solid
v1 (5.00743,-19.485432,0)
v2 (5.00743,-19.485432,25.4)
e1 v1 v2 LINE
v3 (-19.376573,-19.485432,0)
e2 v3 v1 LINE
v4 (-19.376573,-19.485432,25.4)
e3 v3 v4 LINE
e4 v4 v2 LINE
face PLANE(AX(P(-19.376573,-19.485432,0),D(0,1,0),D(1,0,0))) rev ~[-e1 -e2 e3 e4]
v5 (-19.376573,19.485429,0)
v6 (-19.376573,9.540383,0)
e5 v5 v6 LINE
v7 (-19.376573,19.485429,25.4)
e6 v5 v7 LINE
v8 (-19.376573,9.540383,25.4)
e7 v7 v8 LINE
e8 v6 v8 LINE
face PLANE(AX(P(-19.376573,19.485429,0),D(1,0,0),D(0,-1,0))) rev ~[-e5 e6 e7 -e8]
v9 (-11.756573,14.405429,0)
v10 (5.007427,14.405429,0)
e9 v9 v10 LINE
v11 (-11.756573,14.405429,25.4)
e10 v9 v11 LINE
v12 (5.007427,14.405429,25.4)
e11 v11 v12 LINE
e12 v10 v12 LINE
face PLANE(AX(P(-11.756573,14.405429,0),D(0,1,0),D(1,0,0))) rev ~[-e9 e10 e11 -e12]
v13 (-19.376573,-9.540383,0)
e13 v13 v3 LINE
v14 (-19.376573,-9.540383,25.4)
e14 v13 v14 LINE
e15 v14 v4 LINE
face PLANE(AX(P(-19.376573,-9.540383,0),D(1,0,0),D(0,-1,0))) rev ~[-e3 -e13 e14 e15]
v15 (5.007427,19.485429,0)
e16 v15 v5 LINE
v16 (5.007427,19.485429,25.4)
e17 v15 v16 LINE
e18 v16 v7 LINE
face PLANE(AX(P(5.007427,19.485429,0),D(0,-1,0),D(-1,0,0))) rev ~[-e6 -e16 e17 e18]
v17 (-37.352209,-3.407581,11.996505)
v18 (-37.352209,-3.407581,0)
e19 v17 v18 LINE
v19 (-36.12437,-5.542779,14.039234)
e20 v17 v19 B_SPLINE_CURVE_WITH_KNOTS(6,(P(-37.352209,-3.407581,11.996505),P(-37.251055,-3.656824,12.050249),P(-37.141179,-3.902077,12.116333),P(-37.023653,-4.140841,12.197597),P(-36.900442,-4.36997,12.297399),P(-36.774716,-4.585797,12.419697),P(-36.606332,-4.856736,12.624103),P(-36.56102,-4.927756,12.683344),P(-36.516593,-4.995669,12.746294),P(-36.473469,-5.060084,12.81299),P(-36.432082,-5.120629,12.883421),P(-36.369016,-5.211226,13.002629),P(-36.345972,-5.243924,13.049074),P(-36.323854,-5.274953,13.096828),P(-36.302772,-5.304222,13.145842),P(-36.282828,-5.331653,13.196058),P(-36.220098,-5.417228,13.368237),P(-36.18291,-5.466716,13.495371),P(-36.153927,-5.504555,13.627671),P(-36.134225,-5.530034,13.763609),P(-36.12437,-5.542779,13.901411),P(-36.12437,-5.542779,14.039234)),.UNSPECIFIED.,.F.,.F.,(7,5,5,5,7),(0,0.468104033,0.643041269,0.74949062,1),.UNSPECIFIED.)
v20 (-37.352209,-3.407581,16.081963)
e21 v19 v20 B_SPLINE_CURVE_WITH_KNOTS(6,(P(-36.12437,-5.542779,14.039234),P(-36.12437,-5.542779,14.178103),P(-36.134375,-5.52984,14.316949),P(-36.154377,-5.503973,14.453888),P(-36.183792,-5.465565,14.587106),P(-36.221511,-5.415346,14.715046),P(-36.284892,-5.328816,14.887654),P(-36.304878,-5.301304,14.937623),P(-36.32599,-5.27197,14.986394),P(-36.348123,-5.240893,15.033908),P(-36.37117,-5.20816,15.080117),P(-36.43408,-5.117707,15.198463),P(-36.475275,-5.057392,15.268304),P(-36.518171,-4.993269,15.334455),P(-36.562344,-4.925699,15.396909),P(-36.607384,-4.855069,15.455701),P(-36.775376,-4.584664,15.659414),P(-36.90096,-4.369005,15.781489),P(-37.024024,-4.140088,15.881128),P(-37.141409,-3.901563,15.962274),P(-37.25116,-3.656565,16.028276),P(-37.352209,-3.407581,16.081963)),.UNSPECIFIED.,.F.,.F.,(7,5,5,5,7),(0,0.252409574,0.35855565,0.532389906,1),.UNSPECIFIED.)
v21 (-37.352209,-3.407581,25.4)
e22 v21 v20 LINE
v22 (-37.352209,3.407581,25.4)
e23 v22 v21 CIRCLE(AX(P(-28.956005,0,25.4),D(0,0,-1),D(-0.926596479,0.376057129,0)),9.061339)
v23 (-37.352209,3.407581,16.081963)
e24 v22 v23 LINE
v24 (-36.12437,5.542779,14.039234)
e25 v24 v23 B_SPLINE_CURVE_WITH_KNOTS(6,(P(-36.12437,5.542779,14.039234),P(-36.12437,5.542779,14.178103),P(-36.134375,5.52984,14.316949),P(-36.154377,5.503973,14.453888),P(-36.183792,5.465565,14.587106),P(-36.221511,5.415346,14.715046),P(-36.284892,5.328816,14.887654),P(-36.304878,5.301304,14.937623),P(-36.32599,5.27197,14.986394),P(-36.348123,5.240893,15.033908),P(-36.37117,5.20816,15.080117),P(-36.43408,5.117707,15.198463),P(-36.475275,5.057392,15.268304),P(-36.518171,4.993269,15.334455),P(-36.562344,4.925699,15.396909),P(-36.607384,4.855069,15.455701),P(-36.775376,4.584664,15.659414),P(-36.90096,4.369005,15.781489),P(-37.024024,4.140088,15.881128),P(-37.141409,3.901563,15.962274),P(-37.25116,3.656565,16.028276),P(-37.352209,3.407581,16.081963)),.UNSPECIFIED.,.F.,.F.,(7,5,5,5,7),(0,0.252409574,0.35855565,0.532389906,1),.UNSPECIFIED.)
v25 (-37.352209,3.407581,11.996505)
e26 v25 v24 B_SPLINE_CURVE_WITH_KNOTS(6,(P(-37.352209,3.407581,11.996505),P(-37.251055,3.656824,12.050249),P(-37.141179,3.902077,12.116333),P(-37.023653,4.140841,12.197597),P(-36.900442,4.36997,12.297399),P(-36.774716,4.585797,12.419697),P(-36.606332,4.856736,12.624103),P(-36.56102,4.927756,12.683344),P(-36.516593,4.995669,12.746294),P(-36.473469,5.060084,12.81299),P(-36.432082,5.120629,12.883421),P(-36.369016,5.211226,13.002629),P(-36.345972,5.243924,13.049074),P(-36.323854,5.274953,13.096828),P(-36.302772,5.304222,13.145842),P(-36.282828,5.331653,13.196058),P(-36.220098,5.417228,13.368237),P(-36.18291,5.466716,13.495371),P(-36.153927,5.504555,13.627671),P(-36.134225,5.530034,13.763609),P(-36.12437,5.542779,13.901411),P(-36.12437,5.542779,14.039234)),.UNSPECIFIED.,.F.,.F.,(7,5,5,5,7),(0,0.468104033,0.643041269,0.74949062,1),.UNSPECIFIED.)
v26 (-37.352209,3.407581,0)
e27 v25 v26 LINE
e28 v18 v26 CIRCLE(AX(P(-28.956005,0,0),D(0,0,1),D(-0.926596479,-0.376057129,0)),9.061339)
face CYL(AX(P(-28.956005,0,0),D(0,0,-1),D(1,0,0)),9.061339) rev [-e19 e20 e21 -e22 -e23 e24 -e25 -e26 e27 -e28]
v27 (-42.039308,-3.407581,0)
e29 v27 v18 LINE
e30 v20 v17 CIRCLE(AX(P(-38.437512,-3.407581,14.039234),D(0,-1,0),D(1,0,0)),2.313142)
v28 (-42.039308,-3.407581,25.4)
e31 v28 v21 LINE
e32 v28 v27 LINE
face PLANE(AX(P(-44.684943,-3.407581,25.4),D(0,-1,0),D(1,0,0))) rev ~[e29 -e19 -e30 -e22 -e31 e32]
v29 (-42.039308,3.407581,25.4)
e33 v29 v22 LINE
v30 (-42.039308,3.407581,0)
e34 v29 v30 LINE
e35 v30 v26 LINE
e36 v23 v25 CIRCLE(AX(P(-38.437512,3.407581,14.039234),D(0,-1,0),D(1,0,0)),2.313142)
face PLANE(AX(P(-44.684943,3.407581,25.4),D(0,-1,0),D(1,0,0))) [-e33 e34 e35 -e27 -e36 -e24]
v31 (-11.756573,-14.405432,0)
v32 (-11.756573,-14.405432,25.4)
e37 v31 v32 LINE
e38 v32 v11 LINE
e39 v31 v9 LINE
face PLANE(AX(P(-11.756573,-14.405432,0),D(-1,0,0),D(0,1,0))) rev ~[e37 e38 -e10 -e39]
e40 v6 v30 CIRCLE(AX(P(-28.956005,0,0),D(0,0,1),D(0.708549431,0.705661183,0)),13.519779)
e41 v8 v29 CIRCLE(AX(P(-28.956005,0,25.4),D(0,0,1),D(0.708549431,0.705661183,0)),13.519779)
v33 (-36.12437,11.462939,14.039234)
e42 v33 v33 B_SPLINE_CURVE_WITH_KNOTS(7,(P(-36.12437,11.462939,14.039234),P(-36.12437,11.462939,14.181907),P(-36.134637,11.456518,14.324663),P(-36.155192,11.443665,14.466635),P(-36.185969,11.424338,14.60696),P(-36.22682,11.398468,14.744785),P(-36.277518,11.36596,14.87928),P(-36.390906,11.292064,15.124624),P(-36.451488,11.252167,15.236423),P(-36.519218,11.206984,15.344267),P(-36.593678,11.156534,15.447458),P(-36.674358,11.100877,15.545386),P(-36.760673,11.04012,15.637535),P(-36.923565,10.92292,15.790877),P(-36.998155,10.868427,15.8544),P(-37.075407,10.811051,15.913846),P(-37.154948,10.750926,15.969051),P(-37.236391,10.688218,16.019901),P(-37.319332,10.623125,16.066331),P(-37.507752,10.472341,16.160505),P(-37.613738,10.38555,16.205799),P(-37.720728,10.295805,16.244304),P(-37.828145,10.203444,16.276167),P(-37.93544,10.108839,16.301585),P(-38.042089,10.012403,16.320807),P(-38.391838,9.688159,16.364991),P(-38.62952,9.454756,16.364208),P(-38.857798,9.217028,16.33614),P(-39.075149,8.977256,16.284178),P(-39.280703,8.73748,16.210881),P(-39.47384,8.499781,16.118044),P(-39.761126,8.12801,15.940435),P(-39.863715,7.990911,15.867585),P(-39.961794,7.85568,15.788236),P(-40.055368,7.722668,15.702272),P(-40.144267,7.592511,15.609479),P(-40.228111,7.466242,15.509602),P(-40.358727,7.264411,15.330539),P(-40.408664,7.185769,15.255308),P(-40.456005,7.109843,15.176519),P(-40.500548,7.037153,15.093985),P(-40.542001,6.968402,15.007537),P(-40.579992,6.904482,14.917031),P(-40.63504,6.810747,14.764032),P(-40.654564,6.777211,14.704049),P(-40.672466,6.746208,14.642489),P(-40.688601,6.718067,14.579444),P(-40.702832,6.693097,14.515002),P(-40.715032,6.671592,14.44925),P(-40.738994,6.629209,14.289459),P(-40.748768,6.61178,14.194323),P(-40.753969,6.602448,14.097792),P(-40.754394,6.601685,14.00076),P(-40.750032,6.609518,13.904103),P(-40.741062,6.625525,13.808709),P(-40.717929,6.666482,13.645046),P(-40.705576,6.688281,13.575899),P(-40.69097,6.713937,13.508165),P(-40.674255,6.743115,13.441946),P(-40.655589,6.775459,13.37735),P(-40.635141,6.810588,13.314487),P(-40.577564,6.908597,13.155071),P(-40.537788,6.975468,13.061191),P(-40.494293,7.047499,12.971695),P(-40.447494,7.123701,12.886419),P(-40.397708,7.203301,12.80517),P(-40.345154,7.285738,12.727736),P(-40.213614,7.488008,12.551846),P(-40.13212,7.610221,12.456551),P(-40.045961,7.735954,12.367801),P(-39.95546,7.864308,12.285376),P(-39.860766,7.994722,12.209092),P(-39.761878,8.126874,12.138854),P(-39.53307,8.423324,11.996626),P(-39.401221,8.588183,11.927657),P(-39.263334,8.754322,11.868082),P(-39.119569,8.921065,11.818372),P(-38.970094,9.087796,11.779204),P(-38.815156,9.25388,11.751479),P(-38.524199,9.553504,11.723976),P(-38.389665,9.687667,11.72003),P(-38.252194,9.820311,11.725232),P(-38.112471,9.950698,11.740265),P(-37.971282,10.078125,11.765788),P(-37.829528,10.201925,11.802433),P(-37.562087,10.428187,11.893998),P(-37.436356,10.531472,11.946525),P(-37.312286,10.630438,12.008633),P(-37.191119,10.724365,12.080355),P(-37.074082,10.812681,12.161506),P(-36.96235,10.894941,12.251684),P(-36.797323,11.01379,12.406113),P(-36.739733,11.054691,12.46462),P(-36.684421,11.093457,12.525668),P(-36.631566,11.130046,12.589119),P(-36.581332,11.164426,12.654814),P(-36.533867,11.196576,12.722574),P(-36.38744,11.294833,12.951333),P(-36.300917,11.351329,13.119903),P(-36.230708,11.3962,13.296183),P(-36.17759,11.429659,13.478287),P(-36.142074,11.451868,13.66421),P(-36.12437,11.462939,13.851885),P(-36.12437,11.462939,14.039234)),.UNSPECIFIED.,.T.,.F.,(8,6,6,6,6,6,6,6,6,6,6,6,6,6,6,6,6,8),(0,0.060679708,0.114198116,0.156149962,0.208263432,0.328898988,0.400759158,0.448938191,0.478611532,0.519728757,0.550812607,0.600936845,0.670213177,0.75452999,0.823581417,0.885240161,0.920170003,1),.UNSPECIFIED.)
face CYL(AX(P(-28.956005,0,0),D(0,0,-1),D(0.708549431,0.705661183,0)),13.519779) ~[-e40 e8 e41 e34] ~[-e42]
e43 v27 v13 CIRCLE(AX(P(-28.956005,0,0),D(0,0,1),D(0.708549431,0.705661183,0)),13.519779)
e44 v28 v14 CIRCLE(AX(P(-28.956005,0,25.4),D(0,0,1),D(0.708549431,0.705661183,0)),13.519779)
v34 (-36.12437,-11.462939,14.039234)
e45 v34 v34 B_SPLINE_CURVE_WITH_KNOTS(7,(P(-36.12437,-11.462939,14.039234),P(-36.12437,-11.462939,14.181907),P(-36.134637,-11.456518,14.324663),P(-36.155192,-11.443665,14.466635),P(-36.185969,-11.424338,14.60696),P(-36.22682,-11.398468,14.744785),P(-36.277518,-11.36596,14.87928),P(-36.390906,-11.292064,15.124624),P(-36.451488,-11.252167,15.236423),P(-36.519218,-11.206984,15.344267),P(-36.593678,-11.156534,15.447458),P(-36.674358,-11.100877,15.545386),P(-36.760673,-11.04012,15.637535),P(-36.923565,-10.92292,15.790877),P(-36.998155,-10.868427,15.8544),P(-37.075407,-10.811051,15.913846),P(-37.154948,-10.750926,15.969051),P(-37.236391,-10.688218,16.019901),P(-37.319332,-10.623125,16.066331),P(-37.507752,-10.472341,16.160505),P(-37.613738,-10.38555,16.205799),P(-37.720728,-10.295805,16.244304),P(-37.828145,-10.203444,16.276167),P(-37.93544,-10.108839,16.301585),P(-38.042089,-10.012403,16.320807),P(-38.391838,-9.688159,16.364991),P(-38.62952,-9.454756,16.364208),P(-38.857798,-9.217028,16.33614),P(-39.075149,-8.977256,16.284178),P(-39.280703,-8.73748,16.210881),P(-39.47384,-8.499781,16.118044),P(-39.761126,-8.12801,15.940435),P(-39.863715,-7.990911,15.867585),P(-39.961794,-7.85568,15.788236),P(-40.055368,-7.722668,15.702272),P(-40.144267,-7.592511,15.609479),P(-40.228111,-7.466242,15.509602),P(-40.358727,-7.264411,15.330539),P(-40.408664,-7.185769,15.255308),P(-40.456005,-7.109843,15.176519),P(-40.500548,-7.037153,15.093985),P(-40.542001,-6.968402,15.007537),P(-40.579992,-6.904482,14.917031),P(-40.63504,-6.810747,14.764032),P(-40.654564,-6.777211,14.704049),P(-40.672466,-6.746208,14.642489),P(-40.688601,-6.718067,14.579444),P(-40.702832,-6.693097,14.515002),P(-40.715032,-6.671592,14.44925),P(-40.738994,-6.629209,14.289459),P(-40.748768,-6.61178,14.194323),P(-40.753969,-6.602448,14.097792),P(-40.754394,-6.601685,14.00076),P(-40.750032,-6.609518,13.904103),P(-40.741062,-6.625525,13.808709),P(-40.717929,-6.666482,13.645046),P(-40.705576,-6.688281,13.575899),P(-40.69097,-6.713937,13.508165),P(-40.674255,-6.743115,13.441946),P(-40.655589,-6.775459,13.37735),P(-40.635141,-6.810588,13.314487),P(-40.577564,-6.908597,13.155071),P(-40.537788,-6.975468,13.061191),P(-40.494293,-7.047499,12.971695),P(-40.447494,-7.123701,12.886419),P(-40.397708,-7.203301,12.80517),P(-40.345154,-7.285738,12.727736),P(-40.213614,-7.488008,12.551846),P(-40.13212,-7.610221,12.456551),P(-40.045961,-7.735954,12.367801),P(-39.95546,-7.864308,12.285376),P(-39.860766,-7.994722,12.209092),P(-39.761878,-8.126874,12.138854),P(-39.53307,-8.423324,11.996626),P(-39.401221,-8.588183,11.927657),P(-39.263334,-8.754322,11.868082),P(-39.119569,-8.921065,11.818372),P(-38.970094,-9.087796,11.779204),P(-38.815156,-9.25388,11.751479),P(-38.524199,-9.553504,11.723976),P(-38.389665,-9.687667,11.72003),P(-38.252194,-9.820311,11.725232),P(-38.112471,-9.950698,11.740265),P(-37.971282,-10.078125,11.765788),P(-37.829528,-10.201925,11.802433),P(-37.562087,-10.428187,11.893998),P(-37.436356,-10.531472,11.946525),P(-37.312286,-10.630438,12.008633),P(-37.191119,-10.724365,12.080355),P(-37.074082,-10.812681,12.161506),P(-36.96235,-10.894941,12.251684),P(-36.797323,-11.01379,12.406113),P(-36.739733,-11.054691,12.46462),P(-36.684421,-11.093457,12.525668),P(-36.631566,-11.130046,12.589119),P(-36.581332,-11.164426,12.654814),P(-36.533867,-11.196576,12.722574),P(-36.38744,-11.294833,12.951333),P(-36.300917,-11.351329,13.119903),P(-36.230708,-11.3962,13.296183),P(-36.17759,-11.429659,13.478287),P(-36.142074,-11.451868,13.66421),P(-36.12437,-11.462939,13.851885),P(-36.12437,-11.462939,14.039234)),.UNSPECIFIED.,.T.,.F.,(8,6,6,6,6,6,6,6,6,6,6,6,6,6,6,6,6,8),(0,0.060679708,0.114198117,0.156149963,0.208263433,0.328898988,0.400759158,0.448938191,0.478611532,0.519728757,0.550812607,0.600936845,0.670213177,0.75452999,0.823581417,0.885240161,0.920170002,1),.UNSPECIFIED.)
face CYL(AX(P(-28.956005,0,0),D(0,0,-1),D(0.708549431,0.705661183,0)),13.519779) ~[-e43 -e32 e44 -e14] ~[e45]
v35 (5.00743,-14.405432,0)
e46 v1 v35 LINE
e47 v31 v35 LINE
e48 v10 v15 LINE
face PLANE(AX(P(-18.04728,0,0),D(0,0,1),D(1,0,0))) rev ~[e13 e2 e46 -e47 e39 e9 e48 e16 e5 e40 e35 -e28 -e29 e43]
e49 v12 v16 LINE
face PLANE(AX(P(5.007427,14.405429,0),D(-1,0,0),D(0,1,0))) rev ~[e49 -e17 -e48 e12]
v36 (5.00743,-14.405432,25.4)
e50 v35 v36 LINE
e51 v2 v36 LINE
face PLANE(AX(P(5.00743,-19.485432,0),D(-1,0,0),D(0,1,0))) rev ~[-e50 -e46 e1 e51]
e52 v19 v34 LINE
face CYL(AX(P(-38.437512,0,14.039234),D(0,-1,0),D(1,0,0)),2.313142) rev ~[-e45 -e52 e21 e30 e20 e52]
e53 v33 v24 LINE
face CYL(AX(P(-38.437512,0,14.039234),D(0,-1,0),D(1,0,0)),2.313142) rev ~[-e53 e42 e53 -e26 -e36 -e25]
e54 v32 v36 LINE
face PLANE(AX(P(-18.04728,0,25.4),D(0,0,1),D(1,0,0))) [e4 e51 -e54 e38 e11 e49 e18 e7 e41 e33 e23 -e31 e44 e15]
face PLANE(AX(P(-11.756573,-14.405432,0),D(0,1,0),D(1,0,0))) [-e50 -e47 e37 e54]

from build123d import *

# Parameters (mm, degrees)
F0_R     = 9.0613386753
F0_W     = 16.764
F0_H     = 5.08
F0_W_2   = 16.7640029008
F1_DEPTH = 25.4
F2_W     = 13.3351978731
F2_H     = 6.8151620217
F3_DEPTH = 25.4
F4_R     = 2.3131415356
F5_DEPTH = 127


with BuildPart() as f1:
    # F0 (on Top) → F1 (new body)
    with BuildSketch(Plane.XY):
        with BuildLine():
            ThreePointArc((-19.3765729799, -9.5403834533), (-16.4600808117, -5.1610380229), (-15.4362256016, 0))
            ThreePointArc((-15.4362256016, 0), (-16.4600808117, 5.1610380229), (-19.3765729799, 9.5403834533))
            Line((-19.3765729799, 9.5403834533), (-19.3765729799, -9.5403834533))
        make_face()
        with BuildLine():
            ThreePointArc((-19.3765729799, 9.5403834533), (-16.4600808117, 5.1610380229), (-15.4362256016, 0))
            ThreePointArc((-15.4362256016, 0), (-16.4600808117, -5.1610380229), (-19.3765729799, -9.5403834533))
            Line((-19.3765729799, -9.5403834533), (-19.3765729799, -19.4854322))
            Line((-19.3765729799, -19.4854322), (-11.7565729799, -19.4854322))
            Line((-11.7565729799, -19.4854322), (-11.7565729799, -14.4054322))
            Line((-11.7565729799, -14.4054322), (-11.7565729799, 14.4054288318))
            Line((-11.7565729799, 14.4054288318), (-11.7565729799, 19.4854288318))
            Line((-11.7565729799, 19.4854288318), (-19.3765729799, 19.4854288318))
            Line((-19.3765729799, 19.4854288318), (-19.3765729799, 9.5403834533))
        make_face()
        with BuildLine():
            Line((-19.3765729799, -9.5403834533), (-19.3765729799, 9.5403834533))
            ThreePointArc((-19.3765729799, 9.5403834533), (-42.4757842164, 0), (-19.3765729799, -9.5403834533))
        make_face()
        with Locations((-28.956004909, 0)):
            Circle(F0_R, mode=Mode.SUBTRACT)
        with Locations((-3.3745729799, 16.9454288318)):
            Rectangle(F0_W, F0_H)
        with Locations((-3.3745715295, -16.9454322)):
            Rectangle(F0_W_2, F0_H)
    extrude(amount=F1_DEPTH)

    # F2 (on face) → F3 (cut)
    with BuildSketch(Plane.XY.offset(25.4)):
        with Locations((-38.0173435843, 0)):
            Rectangle(F2_W, F2_H)
    extrude(amount=-F3_DEPTH, mode=Mode.SUBTRACT)

    # F4 (on Front) → F5 (cut, symmetric)
    with BuildSketch(Plane.XZ):
        with Locations((-38.4375117719, 14.0392342582)):
            Circle(F4_R)
    extrude(amount=F5_DEPTH, both=True, mode=Mode.SUBTRACT)


solid = f1.part
